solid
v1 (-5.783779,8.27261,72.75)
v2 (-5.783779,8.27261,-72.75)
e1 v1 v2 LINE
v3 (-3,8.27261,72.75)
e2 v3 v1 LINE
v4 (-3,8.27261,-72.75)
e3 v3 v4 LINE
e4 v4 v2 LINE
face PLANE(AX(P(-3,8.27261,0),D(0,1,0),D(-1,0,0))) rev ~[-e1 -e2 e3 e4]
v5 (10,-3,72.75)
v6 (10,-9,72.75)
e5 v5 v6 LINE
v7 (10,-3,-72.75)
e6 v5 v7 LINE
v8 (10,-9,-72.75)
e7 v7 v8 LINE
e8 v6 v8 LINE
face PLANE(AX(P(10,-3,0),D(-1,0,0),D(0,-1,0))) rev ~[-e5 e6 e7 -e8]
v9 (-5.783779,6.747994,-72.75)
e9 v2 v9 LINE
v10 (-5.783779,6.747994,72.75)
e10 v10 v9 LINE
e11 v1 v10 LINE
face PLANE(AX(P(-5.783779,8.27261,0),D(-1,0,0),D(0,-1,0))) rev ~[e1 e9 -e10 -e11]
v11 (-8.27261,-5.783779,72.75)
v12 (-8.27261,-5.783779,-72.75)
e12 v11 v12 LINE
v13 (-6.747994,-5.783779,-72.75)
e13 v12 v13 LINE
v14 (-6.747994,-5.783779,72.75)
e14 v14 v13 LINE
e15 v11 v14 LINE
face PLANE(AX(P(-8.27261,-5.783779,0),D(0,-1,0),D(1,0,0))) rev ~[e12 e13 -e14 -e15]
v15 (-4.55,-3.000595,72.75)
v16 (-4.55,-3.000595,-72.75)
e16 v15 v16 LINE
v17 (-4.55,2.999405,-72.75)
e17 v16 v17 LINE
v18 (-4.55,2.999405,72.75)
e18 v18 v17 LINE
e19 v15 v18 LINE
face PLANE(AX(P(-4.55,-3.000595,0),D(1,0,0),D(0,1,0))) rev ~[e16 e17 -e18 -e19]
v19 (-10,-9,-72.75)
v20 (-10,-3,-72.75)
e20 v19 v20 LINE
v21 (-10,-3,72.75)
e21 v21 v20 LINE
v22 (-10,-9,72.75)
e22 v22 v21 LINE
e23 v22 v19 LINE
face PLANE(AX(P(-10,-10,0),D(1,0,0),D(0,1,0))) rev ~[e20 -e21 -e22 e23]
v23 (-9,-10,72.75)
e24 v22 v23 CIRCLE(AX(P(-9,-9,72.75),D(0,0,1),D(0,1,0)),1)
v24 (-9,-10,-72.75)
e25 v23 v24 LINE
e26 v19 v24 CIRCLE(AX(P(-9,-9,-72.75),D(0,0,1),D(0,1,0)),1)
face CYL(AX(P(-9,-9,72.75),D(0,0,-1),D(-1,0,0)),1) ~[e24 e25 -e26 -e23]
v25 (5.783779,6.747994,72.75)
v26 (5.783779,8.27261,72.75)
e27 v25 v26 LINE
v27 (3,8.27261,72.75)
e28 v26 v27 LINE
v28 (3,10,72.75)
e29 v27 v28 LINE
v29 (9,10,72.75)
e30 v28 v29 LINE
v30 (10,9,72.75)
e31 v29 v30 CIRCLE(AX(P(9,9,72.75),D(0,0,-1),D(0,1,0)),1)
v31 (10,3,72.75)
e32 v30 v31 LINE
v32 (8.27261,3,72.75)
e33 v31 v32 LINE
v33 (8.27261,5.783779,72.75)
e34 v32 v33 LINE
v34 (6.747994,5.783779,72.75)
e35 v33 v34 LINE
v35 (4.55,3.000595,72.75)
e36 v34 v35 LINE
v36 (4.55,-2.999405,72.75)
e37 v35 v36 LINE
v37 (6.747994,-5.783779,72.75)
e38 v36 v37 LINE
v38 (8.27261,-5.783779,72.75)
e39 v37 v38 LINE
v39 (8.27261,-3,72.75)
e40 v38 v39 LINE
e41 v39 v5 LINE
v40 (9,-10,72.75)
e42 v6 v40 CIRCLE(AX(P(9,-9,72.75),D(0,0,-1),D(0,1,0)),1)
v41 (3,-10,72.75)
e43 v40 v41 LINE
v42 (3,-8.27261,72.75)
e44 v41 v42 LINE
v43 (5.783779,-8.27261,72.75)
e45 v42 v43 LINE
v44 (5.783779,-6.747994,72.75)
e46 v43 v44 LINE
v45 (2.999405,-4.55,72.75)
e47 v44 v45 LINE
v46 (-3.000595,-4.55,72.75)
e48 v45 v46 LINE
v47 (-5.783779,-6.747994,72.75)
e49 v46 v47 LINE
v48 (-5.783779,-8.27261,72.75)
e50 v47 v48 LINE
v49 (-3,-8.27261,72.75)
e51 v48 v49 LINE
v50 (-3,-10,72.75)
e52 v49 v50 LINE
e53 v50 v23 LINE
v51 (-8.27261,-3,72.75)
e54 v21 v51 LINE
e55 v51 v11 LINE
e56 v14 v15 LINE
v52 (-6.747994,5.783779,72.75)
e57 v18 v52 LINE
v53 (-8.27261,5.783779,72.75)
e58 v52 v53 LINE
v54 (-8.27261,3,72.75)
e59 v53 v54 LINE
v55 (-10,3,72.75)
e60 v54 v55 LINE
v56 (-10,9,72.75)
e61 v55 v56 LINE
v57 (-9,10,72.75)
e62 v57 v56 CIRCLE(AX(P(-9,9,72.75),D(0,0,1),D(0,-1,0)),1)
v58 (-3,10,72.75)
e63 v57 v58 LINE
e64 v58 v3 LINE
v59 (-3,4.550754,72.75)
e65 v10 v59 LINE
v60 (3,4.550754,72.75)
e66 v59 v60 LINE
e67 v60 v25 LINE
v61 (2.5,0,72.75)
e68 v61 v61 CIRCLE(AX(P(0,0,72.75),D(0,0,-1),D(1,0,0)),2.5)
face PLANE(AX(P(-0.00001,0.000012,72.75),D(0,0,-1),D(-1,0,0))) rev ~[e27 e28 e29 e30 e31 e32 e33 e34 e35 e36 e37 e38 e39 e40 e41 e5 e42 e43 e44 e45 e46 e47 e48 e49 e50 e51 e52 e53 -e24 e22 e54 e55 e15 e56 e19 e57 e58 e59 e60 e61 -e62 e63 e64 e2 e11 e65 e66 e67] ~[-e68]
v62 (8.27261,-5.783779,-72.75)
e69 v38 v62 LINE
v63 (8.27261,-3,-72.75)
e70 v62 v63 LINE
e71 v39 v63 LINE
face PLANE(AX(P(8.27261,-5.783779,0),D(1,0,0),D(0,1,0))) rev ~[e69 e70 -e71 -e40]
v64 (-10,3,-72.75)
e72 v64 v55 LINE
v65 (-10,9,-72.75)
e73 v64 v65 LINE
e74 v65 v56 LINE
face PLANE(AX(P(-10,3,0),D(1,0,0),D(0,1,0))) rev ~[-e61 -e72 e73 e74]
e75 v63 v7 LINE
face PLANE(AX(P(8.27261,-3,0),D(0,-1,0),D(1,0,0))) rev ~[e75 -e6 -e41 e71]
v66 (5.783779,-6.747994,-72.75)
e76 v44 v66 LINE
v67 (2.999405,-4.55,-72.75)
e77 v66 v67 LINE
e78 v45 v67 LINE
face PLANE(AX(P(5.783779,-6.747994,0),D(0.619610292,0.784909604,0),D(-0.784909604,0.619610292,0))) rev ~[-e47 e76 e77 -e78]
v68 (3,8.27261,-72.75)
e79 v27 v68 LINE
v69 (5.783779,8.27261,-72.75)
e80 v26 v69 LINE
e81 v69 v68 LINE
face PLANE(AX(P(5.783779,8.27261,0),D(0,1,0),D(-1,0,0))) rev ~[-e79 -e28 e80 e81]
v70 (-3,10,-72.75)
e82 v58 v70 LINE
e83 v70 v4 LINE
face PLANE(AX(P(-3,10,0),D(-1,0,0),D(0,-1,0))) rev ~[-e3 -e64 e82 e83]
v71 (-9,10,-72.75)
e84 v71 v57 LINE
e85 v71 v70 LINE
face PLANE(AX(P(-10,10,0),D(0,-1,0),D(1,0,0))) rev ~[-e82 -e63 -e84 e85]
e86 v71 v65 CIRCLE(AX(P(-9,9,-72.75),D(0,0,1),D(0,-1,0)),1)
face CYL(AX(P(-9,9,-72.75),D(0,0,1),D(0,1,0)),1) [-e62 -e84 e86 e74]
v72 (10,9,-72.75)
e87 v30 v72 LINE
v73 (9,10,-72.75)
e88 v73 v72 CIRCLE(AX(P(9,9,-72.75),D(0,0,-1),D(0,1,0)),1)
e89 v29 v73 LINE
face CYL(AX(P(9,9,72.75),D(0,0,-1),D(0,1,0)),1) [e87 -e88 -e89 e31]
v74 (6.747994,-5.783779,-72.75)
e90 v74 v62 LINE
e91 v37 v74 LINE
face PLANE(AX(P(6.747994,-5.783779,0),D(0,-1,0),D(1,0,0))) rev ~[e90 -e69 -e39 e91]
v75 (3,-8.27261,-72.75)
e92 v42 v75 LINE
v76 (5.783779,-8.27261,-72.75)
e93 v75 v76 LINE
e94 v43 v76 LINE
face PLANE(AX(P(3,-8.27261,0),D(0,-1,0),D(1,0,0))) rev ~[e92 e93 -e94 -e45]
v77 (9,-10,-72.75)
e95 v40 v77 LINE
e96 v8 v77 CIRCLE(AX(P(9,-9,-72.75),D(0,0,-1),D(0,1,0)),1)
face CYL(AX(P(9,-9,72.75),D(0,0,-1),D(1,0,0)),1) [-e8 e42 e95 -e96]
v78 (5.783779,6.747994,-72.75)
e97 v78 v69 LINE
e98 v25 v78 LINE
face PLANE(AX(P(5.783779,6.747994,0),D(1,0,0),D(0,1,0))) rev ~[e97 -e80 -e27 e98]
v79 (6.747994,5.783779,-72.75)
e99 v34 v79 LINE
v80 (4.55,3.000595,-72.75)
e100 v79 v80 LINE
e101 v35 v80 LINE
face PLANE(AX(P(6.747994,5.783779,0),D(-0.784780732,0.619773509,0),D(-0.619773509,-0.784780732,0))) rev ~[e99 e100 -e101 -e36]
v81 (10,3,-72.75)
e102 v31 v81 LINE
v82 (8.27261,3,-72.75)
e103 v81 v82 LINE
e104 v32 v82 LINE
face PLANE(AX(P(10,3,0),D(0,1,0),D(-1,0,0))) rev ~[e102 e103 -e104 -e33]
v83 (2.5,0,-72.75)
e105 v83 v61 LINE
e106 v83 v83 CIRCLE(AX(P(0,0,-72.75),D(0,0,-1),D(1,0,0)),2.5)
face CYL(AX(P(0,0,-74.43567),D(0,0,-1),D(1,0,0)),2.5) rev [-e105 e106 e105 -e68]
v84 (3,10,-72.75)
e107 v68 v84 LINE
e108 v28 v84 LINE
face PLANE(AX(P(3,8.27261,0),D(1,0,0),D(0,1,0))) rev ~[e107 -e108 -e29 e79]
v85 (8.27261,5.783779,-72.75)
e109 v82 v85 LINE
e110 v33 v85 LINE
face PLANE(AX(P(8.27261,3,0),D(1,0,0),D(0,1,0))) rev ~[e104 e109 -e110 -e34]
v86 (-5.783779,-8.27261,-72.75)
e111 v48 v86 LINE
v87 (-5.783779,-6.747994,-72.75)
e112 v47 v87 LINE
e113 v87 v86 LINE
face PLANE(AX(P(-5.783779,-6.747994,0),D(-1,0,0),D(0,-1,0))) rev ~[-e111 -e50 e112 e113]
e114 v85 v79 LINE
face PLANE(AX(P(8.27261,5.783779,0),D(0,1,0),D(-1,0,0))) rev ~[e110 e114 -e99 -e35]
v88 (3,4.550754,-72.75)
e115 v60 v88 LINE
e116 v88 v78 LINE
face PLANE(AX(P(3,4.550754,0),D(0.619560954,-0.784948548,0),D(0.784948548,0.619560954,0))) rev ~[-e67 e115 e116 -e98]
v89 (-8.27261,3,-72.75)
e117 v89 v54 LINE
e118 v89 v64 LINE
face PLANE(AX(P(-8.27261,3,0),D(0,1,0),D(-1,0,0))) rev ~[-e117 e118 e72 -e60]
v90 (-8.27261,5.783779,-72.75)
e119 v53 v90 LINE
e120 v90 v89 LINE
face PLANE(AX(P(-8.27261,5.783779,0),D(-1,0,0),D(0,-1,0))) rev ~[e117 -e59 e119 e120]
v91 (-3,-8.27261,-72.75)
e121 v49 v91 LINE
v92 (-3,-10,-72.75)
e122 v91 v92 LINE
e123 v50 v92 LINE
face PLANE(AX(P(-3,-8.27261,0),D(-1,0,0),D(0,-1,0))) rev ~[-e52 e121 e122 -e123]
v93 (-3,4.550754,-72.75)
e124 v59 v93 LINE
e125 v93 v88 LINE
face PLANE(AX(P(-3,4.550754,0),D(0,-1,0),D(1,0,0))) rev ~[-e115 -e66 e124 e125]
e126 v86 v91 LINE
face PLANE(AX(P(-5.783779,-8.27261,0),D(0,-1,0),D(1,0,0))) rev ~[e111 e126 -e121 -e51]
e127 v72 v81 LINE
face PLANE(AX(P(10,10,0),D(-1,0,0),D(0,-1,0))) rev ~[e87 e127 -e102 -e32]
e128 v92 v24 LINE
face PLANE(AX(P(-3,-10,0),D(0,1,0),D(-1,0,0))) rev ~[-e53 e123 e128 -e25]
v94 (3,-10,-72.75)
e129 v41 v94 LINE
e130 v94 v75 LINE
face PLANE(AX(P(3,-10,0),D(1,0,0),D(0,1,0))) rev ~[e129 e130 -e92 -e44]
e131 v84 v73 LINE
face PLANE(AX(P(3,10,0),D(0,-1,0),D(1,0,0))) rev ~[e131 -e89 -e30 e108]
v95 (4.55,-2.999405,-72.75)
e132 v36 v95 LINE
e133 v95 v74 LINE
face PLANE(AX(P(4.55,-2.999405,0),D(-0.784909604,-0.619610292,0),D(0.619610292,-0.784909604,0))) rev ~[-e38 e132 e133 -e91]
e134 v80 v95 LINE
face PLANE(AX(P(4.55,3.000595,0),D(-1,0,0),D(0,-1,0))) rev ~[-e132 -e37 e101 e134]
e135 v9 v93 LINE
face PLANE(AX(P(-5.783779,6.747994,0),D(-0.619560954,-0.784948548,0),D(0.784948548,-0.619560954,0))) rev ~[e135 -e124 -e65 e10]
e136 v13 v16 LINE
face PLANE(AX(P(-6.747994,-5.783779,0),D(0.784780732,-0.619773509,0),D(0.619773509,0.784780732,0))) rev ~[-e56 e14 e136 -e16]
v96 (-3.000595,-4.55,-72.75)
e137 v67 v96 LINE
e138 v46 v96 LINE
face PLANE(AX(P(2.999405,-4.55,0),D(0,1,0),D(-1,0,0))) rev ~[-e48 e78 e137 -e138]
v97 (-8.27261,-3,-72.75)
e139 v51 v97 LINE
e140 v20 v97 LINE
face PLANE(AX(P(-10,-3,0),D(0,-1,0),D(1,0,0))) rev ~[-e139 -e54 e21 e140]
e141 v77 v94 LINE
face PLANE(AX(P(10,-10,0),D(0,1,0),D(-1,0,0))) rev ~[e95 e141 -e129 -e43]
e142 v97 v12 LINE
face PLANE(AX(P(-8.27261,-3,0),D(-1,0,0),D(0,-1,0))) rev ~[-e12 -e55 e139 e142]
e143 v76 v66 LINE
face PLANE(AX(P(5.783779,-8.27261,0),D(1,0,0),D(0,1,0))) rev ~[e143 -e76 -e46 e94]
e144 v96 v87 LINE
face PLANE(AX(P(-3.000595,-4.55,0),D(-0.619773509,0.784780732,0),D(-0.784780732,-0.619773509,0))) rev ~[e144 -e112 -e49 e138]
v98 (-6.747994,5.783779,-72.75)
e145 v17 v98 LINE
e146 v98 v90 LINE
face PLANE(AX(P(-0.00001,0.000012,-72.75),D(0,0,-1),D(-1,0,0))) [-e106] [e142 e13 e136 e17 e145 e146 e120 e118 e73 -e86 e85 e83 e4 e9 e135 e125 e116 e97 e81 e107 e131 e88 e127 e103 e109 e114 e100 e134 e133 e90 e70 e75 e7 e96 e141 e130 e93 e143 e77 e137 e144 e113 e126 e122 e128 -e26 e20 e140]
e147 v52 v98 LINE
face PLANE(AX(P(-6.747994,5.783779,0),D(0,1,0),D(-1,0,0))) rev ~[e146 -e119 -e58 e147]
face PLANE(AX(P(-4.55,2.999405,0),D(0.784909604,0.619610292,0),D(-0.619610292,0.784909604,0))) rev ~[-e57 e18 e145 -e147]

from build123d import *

# Parameters (mm, degrees)
BOSS_EXTRUDE1_DEPTH     = 72.75
CUT_EXTRUDE1_DEPTH      = 147.185669612
CUT_EXTRUDE1_DEPTH_BACK = 147.185669612
SKETCH2_R               = 2.5
FILLET1_R               = 1


with BuildPart() as part:
    # Sketch1 → Boss-Extrude1 (new, symmetric)
    with BuildSketch(Plane.XY):
        Polygon((-10, 10), (-3, 10), (-3, 8.272610059), (-5.783778863, 8.272610059), (-5.783778863, 6.747994248), (-3, 4.550753814), (3, 4.550753814), (5.783778863, 6.747994248), (5.783778863, 8.272610059), (3, 8.272610059), (3, 10), (10, 10), (10, 3), (8.272610059, 3), (8.272610059, 5.783778863), (6.747994248, 5.783778863), (4.55, 3.000595152), (4.55, -2.999404848), (6.747994248, -5.783778863), (8.272610059, -5.783778863), (8.272610059, -3), (10, -3), (10, -10), (3, -10), (3, -8.272610059), (5.783778863, -8.272610059), (5.783778863, -6.747994248), (2.999404848, -4.55), (-3.000595152, -4.55), (-5.783778863, -6.747994248), (-5.783778863, -8.272610059), (-3, -8.272610059), (-3, -10), (-10, -10), (-10, -3), (-8.272610059, -3), (-8.272610059, -5.783778863), (-6.747994248, -5.783778863), (-4.55, -3.000595152), (-4.55, 2.999404848), (-6.747994248, 5.783778863), (-8.272610059, 5.783778863), (-8.272610059, 3), (-10, 3), align=None)
    extrude(amount=BOSS_EXTRUDE1_DEPTH, both=True)

    # Sketch2 → Cut-Extrude1 (cut, two sides: drawn at the far end of the back side and taken through both)
    with BuildSketch(Plane.XY.offset(72.75).offset(-CUT_EXTRUDE1_DEPTH_BACK)):
        Circle(SKETCH2_R)
    extrude(amount=CUT_EXTRUDE1_DEPTH + CUT_EXTRUDE1_DEPTH_BACK, mode=Mode.SUBTRACT)

    # Fillet1
    fillet1_edges = [part.edges().sort_by_distance(p)[0] for p in [
        (-10, 10, 0),
        (10, 10, 0),
        (10, -10, 0),
        (-10, -10, 0),
    ]]
    fillet(fillet1_edges, radius=FILLET1_R)


solid = part.part
